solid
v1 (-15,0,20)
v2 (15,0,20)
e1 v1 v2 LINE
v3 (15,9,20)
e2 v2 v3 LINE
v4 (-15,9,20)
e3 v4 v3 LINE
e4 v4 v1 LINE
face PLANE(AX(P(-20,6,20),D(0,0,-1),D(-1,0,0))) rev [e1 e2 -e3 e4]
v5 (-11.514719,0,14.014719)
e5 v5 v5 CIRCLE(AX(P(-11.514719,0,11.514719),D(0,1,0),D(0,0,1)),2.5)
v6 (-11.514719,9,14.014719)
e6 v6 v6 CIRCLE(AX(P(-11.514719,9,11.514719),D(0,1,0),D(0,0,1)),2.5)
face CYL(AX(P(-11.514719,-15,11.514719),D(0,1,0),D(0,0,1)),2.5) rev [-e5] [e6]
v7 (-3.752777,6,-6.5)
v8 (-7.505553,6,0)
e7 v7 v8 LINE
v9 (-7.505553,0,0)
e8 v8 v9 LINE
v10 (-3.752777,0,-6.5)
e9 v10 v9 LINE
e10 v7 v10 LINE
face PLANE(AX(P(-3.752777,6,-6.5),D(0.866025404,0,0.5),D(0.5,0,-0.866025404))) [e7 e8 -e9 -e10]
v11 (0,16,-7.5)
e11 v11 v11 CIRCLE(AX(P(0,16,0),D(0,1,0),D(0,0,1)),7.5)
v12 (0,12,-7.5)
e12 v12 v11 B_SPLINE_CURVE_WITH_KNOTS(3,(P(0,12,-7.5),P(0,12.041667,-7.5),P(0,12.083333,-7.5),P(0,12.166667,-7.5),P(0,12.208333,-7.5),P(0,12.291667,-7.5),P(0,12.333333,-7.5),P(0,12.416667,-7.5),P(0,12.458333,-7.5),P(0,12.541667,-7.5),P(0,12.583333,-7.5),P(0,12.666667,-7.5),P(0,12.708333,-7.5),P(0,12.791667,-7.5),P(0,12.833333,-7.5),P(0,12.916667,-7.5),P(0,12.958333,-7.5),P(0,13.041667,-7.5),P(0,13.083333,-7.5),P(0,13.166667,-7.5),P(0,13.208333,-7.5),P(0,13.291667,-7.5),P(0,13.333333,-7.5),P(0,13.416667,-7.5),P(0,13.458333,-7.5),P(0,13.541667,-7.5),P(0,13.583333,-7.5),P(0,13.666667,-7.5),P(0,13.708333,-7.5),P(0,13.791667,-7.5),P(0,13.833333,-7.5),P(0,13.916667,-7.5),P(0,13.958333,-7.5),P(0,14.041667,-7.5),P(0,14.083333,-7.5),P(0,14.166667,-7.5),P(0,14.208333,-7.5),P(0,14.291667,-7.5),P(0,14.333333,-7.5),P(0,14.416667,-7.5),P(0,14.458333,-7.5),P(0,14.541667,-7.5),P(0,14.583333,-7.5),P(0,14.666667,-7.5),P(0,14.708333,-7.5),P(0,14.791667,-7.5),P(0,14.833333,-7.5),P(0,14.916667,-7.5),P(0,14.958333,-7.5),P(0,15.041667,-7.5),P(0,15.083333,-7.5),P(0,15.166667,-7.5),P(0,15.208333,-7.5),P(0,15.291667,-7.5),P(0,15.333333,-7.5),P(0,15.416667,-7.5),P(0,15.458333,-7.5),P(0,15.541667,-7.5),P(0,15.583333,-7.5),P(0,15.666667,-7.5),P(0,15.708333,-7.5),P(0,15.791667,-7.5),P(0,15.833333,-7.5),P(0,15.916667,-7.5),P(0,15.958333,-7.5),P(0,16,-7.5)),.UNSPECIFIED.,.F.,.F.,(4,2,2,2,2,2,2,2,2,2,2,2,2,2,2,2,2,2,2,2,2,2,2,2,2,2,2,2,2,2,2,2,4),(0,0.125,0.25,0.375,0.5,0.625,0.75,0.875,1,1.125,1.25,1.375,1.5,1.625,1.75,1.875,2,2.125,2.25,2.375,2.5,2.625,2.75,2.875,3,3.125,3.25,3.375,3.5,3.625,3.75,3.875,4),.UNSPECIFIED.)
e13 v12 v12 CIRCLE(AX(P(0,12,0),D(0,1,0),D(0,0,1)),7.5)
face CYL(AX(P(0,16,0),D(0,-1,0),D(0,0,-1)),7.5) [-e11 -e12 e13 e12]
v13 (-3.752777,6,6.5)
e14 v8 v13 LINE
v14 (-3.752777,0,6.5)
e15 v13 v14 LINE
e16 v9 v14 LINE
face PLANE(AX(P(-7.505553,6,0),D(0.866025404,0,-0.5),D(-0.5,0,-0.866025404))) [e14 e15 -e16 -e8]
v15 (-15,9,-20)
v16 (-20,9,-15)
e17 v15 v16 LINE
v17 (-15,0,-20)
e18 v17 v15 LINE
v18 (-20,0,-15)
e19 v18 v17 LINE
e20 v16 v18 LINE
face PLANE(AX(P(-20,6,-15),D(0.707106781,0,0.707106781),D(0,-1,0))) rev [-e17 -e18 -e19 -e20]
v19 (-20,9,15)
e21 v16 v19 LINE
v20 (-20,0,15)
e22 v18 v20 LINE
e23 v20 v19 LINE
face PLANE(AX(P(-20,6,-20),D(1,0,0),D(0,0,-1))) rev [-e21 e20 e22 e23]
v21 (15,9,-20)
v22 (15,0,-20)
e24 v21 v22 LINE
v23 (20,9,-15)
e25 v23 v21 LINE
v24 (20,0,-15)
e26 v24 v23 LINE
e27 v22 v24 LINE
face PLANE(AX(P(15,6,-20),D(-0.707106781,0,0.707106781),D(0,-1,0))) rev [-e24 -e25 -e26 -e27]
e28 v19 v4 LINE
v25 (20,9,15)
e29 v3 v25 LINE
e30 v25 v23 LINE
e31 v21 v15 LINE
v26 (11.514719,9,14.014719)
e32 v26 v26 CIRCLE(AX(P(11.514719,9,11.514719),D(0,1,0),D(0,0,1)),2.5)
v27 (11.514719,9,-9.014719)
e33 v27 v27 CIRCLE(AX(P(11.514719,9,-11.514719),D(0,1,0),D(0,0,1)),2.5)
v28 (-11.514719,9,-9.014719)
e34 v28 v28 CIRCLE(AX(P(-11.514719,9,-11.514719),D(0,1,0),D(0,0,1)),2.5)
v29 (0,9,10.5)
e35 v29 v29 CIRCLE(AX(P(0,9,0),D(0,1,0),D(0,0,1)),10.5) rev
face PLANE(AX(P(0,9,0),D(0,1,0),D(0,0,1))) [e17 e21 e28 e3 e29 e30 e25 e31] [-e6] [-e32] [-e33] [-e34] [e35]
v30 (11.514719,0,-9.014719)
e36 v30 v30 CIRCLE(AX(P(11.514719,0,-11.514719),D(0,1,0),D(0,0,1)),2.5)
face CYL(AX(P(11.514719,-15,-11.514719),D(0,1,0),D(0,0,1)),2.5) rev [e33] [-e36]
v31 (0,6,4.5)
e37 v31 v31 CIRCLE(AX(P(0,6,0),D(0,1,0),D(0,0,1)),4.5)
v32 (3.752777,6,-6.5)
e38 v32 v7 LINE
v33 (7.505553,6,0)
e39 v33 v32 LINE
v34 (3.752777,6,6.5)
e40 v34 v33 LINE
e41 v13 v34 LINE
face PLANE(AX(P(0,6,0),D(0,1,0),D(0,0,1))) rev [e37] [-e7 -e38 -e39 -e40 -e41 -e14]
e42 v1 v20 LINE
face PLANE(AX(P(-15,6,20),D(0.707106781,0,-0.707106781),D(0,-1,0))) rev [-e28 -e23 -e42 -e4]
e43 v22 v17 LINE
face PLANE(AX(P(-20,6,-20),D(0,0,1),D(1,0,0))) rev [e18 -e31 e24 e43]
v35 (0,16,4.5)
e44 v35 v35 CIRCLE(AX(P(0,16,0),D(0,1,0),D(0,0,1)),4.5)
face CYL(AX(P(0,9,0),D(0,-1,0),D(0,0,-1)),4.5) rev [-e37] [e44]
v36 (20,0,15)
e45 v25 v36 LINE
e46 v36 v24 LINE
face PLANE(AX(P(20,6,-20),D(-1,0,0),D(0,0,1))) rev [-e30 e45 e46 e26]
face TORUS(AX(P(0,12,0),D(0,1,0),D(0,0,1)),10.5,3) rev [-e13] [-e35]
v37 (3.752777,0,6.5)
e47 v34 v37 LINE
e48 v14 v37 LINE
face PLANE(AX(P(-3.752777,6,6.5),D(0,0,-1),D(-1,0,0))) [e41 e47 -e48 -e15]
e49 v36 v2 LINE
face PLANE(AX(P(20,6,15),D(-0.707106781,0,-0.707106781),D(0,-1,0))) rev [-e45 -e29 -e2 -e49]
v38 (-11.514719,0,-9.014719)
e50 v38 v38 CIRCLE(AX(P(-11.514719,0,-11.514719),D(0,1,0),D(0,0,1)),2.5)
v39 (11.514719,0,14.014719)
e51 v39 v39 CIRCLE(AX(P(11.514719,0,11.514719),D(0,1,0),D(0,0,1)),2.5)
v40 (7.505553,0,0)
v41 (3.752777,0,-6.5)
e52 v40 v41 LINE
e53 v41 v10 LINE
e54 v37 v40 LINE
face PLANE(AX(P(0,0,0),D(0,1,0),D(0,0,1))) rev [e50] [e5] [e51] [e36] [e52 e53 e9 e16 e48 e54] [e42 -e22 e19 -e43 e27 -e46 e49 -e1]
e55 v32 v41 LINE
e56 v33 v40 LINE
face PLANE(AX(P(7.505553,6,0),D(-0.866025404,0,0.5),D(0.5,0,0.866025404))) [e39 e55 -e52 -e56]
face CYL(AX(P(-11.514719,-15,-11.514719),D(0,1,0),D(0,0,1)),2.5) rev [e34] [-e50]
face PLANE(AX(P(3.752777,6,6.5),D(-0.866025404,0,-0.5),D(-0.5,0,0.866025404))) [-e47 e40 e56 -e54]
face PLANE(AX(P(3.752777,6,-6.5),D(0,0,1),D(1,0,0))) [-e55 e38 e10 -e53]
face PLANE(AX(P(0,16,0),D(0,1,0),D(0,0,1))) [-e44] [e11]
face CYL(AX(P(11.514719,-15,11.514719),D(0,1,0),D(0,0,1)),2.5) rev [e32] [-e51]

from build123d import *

# Parameters (mm, degrees)
SKETCH1_W           = 40
SKETCH1_H           = 40
BOSS_EXTRUDE1_DEPTH = 6
SKETCH2_W           = 40
SKETCH2_H           = 40
SKETCH2_R           = 4.5
BOSS_EXTRUDE2_DEPTH = 3
SKETCH3_R           = 2.5
CUT_EXTRUDE1_DEPTH  = 24
SKETCH4_R           = 7.5
SKETCH4_R_2         = 4.5
BOSS_EXTRUDE3_DEPTH = 7
FILLET1_R           = 3
CHAMFER1_SIZE       = 5


with BuildPart() as part:
    # Sketch1 → Boss-Extrude1 (new body)
    with BuildSketch(Plane(origin=(0, 0, 0), x_dir=(1, 0, 0), z_dir=(0, 1, 0))):
        Rectangle(SKETCH1_W, SKETCH1_H)
        Polygon((7.505553499, 0), (3.75277675, 6.5), (-3.75277675, 6.5), (-7.505553499, 0), (-3.75277675, -6.5), (3.75277675, -6.5), align=None, mode=Mode.SUBTRACT)
    extrude(amount=BOSS_EXTRUDE1_DEPTH)

    # Sketch2 → Boss-Extrude2 (add)
    with BuildSketch(Plane(origin=(0, 6, 0), x_dir=(1, 0, 0), z_dir=(0, 1, 0))):
        Rectangle(SKETCH2_W, SKETCH2_H)
        with Locations(Location((0, 0, 0), (0, 0, 270))):
            Circle(SKETCH2_R, mode=Mode.SUBTRACT)
    extrude(amount=BOSS_EXTRUDE2_DEPTH)

    # Sketch3 → Cut-Extrude1 (cut)
    with BuildSketch(Plane(origin=(0, 9, 0), x_dir=(1, 0, 0), z_dir=(0, 1, 0))):
        with Locations(Location((-11.514718626, 11.514718626, 0), (0, 0, 270))):
            Circle(SKETCH3_R)
        with Locations(Location((11.514718626, 11.514718626, 0), (0, 0, 270))):
            Circle(SKETCH3_R)
        with Locations(Location((11.514718626, -11.514718626, 0), (0, 0, 270))):
            Circle(SKETCH3_R)
        with Locations(Location((-11.514718626, -11.514718626, 0), (0, 0, 270))):
            Circle(SKETCH3_R)
    extrude(amount=-CUT_EXTRUDE1_DEPTH, mode=Mode.SUBTRACT)

    # Sketch4 → Boss-Extrude3 (add)
    with BuildSketch(Plane(origin=(0, 9, 0), x_dir=(1, 0, 0), z_dir=(0, 1, 0))):
        with Locations(Location((0, 0, 0), (0, 0, 90))):
            Circle(SKETCH4_R)
        with Locations(Location((0, 0, 0), (0, 0, 270))):
            Circle(SKETCH4_R_2, mode=Mode.SUBTRACT)
    extrude(amount=BOSS_EXTRUDE3_DEPTH)

    # Fillet1
    fillet1_edges = [part.edges().sort_by_distance(p)[0] for p in [
        (0, 9, 7.5),
    ]]
    fillet(fillet1_edges, radius=FILLET1_R)

    # Chamfer1
    chamfer1_edges = [part.edges().sort_by_distance(p)[0] for p in [
        (20, 4.5, 20),
        (-20, 4.5, 20),
        (-20, 4.5, -20),
        (20, 4.5, -20),
    ]]
    chamfer(chamfer1_edges, length=CHAMFER1_SIZE)


solid = part.part
